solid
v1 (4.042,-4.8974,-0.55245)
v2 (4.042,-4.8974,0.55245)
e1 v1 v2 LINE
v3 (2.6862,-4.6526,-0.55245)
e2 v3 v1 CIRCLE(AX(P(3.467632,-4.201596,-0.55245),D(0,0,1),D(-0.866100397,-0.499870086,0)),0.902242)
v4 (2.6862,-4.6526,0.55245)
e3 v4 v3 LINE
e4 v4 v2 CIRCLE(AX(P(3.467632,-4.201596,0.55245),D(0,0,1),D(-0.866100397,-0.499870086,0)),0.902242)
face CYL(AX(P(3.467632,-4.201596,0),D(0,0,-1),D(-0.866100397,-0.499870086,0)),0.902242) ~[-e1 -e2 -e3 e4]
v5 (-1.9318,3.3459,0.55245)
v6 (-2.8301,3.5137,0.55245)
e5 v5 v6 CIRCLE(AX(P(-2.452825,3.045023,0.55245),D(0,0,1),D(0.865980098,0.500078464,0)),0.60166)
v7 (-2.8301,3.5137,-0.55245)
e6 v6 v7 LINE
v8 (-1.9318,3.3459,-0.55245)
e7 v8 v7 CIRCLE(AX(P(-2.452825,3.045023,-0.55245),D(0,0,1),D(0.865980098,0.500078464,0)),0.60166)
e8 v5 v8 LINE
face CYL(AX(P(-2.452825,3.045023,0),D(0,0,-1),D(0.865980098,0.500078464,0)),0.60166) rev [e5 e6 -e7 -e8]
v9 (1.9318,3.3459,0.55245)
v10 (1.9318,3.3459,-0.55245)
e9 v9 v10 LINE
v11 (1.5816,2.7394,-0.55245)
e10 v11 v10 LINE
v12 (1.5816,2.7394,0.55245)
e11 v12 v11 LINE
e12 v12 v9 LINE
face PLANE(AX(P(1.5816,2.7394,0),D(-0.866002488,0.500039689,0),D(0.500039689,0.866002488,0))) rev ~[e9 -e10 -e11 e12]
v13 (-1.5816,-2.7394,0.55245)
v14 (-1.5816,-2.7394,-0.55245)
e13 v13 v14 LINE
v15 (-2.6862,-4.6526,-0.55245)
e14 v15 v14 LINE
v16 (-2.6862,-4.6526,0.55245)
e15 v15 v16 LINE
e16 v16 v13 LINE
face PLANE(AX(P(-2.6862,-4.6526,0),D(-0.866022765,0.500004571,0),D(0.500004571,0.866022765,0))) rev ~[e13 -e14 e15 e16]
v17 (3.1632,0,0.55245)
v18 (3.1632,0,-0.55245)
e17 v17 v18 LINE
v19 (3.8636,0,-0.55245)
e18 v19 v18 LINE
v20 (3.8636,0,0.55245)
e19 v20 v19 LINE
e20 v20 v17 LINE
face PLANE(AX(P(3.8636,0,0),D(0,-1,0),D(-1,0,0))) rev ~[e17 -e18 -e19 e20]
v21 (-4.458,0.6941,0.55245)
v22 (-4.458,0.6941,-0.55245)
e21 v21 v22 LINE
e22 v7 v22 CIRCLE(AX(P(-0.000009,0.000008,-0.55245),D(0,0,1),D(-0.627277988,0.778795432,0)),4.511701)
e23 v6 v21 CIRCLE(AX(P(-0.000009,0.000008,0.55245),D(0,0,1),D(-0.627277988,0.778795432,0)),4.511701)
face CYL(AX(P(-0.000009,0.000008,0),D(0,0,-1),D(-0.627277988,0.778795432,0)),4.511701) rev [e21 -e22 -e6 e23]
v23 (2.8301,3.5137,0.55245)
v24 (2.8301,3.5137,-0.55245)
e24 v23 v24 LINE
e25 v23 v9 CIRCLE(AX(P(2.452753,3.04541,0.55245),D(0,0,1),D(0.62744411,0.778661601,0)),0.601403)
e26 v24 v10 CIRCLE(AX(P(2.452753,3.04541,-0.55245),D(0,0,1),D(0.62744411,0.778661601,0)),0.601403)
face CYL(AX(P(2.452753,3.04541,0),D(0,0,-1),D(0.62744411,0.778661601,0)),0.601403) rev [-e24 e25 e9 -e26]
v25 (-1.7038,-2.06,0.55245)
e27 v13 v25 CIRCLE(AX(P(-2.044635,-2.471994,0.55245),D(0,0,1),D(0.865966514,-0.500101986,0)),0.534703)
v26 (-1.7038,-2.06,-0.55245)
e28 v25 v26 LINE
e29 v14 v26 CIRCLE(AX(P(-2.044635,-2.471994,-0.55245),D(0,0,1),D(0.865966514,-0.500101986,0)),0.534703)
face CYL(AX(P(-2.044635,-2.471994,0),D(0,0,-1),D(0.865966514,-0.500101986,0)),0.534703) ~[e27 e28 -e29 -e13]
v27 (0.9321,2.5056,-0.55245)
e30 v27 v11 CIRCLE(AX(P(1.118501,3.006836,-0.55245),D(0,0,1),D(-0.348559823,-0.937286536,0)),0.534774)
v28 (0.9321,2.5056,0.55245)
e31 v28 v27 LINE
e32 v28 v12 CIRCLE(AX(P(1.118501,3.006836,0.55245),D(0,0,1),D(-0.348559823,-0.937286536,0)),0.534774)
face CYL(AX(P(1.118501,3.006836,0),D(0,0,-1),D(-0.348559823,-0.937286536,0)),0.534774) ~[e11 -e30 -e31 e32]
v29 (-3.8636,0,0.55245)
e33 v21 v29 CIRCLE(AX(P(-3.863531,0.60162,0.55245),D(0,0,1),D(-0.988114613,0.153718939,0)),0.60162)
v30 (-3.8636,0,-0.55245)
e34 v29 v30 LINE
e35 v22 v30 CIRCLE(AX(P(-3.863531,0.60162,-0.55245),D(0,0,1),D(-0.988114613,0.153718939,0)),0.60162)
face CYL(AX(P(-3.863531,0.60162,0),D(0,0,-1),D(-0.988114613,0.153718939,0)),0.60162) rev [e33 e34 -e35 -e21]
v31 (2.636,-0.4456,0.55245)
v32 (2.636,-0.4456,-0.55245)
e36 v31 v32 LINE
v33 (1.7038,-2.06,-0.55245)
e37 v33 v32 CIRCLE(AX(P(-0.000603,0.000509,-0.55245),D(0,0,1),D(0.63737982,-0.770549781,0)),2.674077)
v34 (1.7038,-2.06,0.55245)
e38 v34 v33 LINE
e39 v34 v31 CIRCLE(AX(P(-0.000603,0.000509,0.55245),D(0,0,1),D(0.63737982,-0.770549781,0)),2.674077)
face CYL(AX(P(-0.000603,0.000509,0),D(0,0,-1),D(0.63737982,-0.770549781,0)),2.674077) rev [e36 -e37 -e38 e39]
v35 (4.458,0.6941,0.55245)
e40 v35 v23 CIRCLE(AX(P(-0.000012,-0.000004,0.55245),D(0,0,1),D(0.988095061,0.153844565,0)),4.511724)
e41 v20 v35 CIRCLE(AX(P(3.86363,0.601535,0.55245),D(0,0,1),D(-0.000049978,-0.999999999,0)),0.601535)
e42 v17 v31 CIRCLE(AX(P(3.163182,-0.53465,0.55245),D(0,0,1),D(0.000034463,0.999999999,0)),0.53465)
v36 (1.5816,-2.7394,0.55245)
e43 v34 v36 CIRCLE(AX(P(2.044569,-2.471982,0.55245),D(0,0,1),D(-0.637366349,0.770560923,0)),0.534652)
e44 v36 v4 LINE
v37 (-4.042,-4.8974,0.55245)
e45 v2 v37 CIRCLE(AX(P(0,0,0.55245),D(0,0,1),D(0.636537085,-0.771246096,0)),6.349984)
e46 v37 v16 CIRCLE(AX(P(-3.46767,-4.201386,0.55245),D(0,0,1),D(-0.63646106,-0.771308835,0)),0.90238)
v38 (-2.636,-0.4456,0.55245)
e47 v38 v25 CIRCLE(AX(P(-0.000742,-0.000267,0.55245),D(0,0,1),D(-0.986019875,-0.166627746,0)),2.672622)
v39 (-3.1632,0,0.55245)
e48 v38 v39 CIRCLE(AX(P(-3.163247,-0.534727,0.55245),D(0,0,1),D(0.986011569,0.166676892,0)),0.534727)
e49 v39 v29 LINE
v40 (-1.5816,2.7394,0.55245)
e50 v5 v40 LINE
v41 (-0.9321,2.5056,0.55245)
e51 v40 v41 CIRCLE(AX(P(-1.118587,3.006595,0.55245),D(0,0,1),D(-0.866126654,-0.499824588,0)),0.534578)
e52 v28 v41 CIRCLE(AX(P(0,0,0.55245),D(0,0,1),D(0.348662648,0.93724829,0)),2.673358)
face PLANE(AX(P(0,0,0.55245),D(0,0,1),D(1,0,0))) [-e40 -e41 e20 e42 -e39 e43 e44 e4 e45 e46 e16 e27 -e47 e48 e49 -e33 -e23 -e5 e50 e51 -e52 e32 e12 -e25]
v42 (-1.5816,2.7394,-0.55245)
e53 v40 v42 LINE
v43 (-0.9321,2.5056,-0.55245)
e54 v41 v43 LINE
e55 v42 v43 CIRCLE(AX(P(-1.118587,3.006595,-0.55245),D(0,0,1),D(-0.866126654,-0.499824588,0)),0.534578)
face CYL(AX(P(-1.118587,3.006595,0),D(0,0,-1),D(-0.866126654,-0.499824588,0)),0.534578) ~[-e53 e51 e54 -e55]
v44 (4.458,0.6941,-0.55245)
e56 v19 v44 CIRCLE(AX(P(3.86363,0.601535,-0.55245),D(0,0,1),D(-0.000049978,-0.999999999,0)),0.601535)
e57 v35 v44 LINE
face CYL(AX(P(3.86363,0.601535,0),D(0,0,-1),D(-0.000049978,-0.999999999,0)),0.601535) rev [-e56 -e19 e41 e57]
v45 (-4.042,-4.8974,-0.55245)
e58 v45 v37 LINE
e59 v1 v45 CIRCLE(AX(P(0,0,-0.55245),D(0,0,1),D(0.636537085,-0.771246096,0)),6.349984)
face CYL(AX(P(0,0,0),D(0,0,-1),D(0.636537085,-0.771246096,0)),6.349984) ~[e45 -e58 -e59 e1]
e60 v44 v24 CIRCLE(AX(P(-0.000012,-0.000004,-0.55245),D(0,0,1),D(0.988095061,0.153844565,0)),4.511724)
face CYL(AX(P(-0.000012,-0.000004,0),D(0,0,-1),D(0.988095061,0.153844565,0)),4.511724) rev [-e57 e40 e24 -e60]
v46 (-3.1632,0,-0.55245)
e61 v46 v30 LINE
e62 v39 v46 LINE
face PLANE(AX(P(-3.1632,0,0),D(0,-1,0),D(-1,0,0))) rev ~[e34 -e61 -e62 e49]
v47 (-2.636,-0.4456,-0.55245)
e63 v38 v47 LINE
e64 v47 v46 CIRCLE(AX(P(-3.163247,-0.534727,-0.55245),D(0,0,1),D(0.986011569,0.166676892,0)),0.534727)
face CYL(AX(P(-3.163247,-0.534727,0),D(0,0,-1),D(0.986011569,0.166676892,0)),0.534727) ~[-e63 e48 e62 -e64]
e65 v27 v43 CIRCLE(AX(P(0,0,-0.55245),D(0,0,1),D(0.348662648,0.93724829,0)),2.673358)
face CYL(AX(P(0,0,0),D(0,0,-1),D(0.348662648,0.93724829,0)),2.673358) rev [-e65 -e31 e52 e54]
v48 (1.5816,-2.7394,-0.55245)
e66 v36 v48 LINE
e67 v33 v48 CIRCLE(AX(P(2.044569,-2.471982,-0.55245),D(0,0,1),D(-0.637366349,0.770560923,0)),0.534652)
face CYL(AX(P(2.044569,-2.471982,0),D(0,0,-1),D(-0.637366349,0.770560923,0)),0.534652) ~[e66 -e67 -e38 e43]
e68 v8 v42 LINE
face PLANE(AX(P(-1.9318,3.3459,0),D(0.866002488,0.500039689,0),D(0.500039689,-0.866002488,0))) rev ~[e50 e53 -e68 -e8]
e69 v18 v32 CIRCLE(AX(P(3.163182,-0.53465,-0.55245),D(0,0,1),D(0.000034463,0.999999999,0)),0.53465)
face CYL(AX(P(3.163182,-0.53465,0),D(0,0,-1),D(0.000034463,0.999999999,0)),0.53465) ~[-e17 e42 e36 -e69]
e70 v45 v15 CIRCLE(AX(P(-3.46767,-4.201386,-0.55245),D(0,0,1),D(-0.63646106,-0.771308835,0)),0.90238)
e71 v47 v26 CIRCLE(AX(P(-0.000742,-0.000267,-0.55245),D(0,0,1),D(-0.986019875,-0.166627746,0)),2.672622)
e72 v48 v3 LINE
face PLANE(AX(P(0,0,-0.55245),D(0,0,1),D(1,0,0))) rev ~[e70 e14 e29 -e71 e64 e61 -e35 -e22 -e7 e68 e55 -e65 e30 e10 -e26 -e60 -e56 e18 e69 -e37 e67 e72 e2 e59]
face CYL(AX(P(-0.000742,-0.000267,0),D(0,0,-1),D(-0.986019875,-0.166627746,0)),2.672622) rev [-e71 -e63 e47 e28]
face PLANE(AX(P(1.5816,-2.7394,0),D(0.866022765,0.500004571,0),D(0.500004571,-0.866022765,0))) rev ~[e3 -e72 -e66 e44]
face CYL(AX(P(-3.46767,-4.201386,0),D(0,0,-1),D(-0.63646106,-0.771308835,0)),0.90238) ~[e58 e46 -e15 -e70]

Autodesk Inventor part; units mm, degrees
sketch "Sketch_1" plane through (0, 0, 0) normal (0, 0, 1) x (1, 0, 0)
  arc A0 (4.042, -4.8974) -> (-4.042, -4.8974) centre (0, 0) ccw
  arc A1 (-4.042, -4.8974) -> (-2.6862, -4.6526) centre (-3.4677, -4.2015) ccw
  line L0 (-2.6862, -4.6526) -> (-1.5816, -2.7394)
  arc A2 (-1.5816, -2.7394) -> (-1.7038, -2.06) centre (-2.0446, -2.472) ccw
  arc A3 (-2.636, -0.4456) -> (-1.7038, -2.06) centre (0, 0) ccw
  arc A4 (-2.636, -0.4456) -> (-3.1632, 0) centre (-3.1632, -0.5347) ccw
  line L1 (-3.1632, 0) -> (-3.8636, 0)
  arc A5 (-4.458, 0.6941) -> (-3.8636, 0) centre (-3.8636, 0.6016) ccw
  arc A6 (-2.8301, 3.5137) -> (-4.458, 0.6941) centre (0, 0) ccw
  arc A7 (-1.9318, 3.3459) -> (-2.8301, 3.5137) centre (-2.4527, 3.0452) ccw
  line L2 (-1.9318, 3.3459) -> (-1.5816, 2.7394)
  arc A8 (-1.5816, 2.7394) -> (-0.9321, 2.5056) centre (-1.1185, 3.0067) ccw
  arc A9 (0.9321, 2.5056) -> (-0.9321, 2.5056) centre (0, 0) ccw
  arc A10 (0.9321, 2.5056) -> (1.5816, 2.7394) centre (1.1185, 3.0067) ccw
  line L3 (1.5816, 2.7394) -> (1.9318, 3.3459)
  arc A11 (2.8301, 3.5137) -> (1.9318, 3.3459) centre (2.4527, 3.0452) ccw
  arc A12 (4.458, 0.6941) -> (2.8301, 3.5137) centre (0, 0) ccw
  arc A13 (3.8636, 0) -> (4.458, 0.6941) centre (3.8636, 0.6016) ccw
  line L4 (3.8636, 0) -> (3.1632, 0)
  arc A14 (3.1632, 0) -> (2.636, -0.4456) centre (3.1632, -0.5347) ccw
  arc A15 (1.7038, -2.06) -> (2.636, -0.4456) centre (0, 0) ccw
  arc A16 (1.7038, -2.06) -> (1.5816, -2.7394) centre (2.0446, -2.472) ccw
  line L5 (1.5816, -2.7394) -> (2.6862, -4.6526)
  arc A17 (2.6862, -4.6526) -> (4.042, -4.8974) centre (3.4677, -4.2015) ccw
extrude "Extrusion1" add sketch "Sketch_1" along normal mid plane 1.1049
ref_plane "RR_XY" through (0, 0, 0) normal (0, 0, 1) x (1, 0, 0)
ref_plane "RR_YZ" through (0, 0, 0) normal (1, 0, 0) x (0, 1, 0)
ref_plane "RR_ZX" through (0, 0, 0) normal (0, 1, 0) x (0, 0, 1)
properties part number "D-5866" material "Stainless Steel"
